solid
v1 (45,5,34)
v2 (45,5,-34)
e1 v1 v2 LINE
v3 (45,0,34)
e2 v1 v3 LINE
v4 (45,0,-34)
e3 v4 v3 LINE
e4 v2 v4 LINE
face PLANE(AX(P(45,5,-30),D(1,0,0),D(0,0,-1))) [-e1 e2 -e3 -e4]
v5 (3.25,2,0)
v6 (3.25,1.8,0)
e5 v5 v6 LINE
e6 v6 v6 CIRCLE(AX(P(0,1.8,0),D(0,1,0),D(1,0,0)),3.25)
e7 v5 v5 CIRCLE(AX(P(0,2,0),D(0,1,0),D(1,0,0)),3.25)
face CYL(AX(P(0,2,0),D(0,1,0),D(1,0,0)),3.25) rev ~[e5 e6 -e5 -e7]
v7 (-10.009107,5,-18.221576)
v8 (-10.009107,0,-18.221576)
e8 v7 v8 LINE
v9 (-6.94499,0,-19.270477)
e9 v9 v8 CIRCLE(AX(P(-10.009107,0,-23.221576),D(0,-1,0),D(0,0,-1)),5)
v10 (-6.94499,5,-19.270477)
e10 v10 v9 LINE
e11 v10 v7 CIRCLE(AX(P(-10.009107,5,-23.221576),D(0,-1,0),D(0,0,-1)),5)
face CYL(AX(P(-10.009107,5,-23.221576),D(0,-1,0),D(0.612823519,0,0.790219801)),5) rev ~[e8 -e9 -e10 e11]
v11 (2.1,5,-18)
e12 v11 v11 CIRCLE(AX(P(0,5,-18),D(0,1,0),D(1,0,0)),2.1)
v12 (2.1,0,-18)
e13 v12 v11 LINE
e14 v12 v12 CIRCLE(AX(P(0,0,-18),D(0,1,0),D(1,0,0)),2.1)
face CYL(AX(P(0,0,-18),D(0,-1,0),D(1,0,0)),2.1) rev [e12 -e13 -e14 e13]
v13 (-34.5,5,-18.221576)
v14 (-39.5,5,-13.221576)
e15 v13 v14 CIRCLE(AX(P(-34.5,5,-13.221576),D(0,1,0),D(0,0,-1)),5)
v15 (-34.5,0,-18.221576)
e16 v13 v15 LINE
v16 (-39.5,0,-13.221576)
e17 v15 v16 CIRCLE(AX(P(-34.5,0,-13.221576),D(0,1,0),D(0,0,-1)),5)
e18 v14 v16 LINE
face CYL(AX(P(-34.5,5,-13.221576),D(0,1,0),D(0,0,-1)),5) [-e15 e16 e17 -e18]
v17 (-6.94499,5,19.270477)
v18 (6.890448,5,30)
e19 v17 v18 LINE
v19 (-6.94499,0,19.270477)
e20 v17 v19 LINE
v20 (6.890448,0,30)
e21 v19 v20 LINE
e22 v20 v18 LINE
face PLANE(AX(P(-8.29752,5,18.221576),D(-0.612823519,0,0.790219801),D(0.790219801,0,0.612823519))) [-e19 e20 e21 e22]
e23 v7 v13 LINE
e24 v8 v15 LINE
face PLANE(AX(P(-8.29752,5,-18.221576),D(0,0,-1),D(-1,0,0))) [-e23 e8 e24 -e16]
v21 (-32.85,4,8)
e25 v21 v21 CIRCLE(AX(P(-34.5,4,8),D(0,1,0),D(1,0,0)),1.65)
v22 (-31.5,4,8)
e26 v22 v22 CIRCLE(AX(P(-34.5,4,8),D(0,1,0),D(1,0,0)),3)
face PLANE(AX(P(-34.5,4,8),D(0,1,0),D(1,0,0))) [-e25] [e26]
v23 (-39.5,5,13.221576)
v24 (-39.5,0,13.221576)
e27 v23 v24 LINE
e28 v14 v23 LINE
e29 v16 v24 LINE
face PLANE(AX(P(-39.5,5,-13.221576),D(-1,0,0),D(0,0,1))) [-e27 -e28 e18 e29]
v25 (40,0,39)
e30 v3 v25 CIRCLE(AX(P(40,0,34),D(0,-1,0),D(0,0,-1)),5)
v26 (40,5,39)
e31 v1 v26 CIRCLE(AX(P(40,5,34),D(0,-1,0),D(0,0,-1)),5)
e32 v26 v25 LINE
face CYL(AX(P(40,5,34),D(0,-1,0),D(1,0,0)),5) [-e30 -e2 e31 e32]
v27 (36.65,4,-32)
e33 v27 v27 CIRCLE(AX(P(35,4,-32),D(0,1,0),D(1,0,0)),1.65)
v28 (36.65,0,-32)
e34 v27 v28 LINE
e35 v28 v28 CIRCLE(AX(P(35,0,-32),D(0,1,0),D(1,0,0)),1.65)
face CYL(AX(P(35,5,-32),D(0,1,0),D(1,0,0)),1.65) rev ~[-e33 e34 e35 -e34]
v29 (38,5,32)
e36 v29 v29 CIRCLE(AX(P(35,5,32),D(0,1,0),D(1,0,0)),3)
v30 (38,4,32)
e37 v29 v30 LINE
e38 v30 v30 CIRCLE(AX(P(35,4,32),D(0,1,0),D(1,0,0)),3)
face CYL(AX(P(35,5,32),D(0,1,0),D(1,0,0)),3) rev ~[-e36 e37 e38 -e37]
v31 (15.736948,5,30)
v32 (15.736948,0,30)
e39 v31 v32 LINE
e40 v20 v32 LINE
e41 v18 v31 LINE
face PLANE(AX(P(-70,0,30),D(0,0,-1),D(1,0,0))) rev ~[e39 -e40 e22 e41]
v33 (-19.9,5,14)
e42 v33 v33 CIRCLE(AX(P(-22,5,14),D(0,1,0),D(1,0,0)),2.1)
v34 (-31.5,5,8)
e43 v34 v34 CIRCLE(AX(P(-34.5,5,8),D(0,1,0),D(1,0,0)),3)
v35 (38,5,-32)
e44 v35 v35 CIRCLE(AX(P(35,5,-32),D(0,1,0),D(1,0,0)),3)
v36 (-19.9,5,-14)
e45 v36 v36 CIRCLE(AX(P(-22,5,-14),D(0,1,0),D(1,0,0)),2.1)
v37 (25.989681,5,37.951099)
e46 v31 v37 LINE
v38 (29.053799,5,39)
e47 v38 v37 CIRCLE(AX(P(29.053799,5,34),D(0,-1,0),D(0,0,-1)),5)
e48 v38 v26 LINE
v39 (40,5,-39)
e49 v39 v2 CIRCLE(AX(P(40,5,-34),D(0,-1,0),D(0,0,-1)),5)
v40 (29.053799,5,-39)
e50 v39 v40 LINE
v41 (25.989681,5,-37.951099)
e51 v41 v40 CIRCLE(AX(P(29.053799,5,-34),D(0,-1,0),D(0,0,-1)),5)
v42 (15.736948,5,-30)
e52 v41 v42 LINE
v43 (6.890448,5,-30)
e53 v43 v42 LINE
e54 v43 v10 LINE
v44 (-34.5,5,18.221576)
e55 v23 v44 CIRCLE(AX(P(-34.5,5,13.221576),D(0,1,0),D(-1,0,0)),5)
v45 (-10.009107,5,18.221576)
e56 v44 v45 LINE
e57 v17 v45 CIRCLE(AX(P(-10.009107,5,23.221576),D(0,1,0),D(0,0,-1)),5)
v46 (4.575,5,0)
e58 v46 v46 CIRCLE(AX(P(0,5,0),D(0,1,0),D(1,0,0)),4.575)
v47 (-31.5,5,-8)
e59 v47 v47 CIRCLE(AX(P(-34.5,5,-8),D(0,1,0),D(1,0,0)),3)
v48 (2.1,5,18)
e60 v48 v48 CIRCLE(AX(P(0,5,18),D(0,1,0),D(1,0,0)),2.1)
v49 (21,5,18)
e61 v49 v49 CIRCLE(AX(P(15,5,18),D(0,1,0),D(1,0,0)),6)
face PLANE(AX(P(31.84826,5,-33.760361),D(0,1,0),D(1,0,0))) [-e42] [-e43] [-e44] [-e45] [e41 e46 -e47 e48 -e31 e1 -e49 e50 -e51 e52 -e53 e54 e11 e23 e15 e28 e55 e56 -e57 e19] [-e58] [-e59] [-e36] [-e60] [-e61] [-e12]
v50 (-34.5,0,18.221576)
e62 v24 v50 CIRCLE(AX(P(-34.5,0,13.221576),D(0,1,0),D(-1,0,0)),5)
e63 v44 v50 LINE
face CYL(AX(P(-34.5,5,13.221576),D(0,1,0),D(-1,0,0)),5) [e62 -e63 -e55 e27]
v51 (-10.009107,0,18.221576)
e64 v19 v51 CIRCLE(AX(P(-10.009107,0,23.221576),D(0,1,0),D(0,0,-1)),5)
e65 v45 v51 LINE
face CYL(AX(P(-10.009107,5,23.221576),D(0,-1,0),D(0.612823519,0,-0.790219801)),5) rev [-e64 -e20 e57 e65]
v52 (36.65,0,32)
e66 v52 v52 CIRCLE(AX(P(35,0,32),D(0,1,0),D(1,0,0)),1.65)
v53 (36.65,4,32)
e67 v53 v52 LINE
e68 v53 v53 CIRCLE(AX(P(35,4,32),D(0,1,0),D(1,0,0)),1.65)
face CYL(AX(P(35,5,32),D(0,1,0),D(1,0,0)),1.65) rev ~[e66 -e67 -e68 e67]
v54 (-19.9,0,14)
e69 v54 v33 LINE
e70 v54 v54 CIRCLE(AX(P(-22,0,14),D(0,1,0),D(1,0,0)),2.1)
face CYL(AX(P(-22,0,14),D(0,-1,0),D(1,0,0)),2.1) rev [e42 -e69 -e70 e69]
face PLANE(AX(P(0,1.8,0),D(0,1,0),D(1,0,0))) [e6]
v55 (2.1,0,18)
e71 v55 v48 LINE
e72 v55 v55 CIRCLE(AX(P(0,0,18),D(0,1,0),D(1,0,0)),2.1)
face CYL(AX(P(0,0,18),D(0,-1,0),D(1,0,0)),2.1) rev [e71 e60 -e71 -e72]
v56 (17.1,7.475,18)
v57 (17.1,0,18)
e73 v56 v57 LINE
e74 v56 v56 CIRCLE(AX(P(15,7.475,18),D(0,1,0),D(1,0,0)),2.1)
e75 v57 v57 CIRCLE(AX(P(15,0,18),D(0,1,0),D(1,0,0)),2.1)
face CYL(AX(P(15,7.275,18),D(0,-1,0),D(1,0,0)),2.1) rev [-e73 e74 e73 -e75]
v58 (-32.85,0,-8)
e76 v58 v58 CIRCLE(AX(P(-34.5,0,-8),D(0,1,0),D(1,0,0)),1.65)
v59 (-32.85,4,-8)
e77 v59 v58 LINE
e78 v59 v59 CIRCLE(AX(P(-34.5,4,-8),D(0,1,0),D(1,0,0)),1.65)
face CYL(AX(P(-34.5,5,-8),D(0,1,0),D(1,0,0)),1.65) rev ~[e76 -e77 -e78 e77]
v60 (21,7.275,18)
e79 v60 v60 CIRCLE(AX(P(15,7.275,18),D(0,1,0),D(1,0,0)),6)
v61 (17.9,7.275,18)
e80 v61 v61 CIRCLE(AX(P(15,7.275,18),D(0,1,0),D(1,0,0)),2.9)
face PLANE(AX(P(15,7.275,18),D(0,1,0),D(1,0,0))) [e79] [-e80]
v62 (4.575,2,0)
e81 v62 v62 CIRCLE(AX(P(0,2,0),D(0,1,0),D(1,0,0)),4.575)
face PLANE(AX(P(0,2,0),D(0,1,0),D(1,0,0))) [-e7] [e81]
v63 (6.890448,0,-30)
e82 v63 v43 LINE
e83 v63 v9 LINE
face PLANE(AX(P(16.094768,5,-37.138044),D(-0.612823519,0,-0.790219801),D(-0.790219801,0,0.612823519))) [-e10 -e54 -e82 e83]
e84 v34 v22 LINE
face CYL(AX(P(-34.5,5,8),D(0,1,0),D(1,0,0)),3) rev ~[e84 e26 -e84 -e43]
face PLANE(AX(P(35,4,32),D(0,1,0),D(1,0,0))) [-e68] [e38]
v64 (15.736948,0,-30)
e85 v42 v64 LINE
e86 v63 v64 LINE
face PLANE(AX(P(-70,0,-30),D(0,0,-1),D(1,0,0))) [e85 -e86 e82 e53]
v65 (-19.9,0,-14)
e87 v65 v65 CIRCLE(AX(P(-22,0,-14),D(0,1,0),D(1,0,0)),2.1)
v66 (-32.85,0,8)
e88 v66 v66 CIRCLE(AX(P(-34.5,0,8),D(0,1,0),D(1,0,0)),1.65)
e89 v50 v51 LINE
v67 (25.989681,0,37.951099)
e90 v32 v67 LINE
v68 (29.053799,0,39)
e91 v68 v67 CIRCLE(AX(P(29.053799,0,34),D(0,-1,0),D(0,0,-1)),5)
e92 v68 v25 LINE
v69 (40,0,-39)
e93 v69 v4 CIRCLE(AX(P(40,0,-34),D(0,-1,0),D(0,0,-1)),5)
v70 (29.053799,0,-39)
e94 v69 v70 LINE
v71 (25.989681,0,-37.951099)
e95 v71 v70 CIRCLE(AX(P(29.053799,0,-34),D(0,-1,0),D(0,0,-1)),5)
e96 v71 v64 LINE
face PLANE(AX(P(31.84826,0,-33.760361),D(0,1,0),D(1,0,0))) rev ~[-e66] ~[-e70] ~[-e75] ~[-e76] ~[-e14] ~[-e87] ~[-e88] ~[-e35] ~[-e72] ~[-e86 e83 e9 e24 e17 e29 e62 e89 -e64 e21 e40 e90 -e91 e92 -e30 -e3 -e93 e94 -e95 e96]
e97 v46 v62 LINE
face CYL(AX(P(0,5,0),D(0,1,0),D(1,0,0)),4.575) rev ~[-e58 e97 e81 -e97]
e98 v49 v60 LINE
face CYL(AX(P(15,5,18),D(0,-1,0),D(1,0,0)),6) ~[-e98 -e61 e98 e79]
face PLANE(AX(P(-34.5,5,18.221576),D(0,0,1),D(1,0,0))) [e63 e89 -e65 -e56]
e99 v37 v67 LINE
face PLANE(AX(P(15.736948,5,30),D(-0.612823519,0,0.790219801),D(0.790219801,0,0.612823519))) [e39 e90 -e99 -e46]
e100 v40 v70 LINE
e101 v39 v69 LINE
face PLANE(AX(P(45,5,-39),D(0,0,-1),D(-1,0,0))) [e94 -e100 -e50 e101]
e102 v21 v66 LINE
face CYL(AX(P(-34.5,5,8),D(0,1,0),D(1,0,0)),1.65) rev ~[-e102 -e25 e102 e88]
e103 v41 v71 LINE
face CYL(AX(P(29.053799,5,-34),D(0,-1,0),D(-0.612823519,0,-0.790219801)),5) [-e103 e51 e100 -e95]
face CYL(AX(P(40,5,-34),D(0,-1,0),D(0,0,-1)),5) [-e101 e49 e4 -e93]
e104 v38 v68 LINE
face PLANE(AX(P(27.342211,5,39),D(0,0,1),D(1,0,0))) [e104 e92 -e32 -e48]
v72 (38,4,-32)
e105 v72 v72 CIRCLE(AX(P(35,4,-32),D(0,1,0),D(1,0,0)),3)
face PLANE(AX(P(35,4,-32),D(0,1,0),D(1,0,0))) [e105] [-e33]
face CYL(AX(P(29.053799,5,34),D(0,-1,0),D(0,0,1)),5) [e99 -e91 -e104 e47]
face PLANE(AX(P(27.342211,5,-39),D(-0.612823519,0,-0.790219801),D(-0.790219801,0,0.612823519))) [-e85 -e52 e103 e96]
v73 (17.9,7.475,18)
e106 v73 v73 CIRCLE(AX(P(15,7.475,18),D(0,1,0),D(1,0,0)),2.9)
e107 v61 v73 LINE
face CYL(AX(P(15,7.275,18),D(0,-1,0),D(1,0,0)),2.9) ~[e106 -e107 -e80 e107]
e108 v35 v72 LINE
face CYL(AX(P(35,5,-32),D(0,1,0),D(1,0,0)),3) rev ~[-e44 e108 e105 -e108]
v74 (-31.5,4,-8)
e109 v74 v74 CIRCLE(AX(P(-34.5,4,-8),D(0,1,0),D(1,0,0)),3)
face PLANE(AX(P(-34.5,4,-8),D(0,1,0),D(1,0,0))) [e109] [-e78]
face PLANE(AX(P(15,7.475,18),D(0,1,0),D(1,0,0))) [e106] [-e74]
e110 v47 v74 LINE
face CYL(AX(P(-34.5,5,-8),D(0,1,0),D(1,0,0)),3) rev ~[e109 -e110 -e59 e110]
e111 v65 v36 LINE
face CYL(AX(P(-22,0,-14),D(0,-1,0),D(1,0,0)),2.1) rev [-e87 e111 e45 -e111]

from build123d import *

# Parameters (mm, degrees)
SKETCH1_W           = 115
SKETCH1_H           = 60
SKETCH1_R           = 2.1
BOSS_EXTRUDE1_DEPTH = 5
SKETCH2_R           = 4.575
CUT_EXTRUDE1_DEPTH  = 3
SKETCH3_R           = 3.25
CUT_EXTRUDE2_DEPTH  = 0.2
SKETCH4_R           = 1.65
CUT_EXTRUDE3_DEPTH  = 6
CUT_EXTRUDE4_DEPTH  = 6
BOSS_EXTRUDE2_DEPTH = 5
SKETCH8_R           = 1.65
CUT_EXTRUDE5_DEPTH  = 6
FILLET1_R           = 5
SKETCH9_R           = 6
SKETCH9_R_2         = 2.1
BOSS_EXTRUDE3_DEPTH = 2.275
SKETCH10_R          = 2.9
SKETCH10_R_2        = 2.1
BOSS_EXTRUDE4_DEPTH = 0.2
SKETCH11_R          = 3
CUT_EXTRUDE6_DEPTH  = 1


with BuildPart() as part:
    # Sketch1 → Boss-Extrude1 (new body)
    with BuildSketch(Plane(origin=(0, 0, 0), x_dir=(1, 0, 0), z_dir=(0, 1, 0))):
        with Locations((-12.5, 0)):
            Rectangle(SKETCH1_W, SKETCH1_H)
        with Locations((-22, 14)):
            Circle(SKETCH1_R, mode=Mode.SUBTRACT)
        with Locations((0, 18)):
            Circle(SKETCH1_R, mode=Mode.SUBTRACT)
        with Locations((0, -18)):
            Circle(SKETCH1_R, mode=Mode.SUBTRACT)
        with Locations((-22, -14)):
            Circle(SKETCH1_R, mode=Mode.SUBTRACT)
        with Locations((15, -18)):
            Circle(SKETCH1_R, mode=Mode.SUBTRACT)
    extrude(amount=BOSS_EXTRUDE1_DEPTH)

    # Sketch2 → Cut-Extrude1 (cut)
    with BuildSketch(Plane(origin=(0, 5, 0), x_dir=(1, 0, 0), z_dir=(0, 1, 0))):
        Circle(SKETCH2_R)
    extrude(amount=-CUT_EXTRUDE1_DEPTH, mode=Mode.SUBTRACT)

    # Sketch3 → Cut-Extrude2 (cut)
    with BuildSketch(Plane(origin=(0, 2, 0), x_dir=(1, 0, 0), z_dir=(0, 1, 0))):
        Circle(SKETCH3_R)
    extrude(amount=-CUT_EXTRUDE2_DEPTH, mode=Mode.SUBTRACT)

    # Sketch4 → Cut-Extrude3 (cut, through all)
    with BuildSketch(Plane(origin=(0, 5, 0), x_dir=(1, 0, 0), z_dir=(0, 1, 0))):
        with Locations((-34.5, -8)):
            Circle(SKETCH4_R)
        with Locations((-34.5, 8)):
            Circle(SKETCH4_R)
    extrude(amount=-CUT_EXTRUDE3_DEPTH, mode=Mode.SUBTRACT)

    # Sketch6 → Cut-Extrude4 (cut, through all)
    with BuildSketch(Plane(origin=(0, 5, 0), x_dir=(1, 0, 0), z_dir=(0, 1, 0))):
        with BuildLine():
            Line((-22, 18.221576202), (-34.5, 18.221576202))
            ThreePointArc((-34.5, 18.221576202), (-38.035533906, 16.757110108), (-39.5, 13.221576202))
            Line((-39.5, 13.221576202), (-39.5, -13.221576202))
            ThreePointArc((-39.5, -13.221576202), (-38.035533906, -16.757110108), (-34.5, -18.221576202))
            Line((-34.5, -18.221576202), (-22, -18.221576202))
            Line((-22, -18.221576202), (-8.297519941, -18.221576202))
            Line((-8.297519941, -18.221576202), (14.635521586, -36.006383916))
            Line((14.635521586, -36.006383916), (-22, -30))
            Line((-22, -30), (-70, -30))
            Line((-70, -30), (-70, 30))
            Line((-70, 30), (-22, 30))
            Line((-22, 30), (16.094767965, 37.138044373))
            Line((16.094767965, 37.138044373), (-8.297519941, 18.221576202))
            Line((-8.297519941, 18.221576202), (-22, 18.221576202))
        make_face()
    extrude(amount=-CUT_EXTRUDE4_DEPTH, mode=Mode.SUBTRACT)

    # Sketch7 → Boss-Extrude2 (add)
    with BuildSketch(Plane(origin=(0, 5, 0), x_dir=(1, 0, 0), z_dir=(0, 1, 0))):
        Polygon((27.342211368, 39), (15.73694821, 30), (45, 30), (45, 39), align=None)
        Polygon((45, -30), (15.73694821, -30), (27.342211368, -39), (45, -39), align=None)
    extrude(amount=-BOSS_EXTRUDE2_DEPTH)

    # Sketch8 → Cut-Extrude5 (cut, through all)
    with BuildSketch(Plane(origin=(0, 5, 0), x_dir=(1, 0, 0), z_dir=(0, 1, 0))):
        with Locations((35, 32)):
            Circle(SKETCH8_R)
        with Locations((35, -32)):
            Circle(SKETCH8_R)
    extrude(amount=-CUT_EXTRUDE5_DEPTH, mode=Mode.SUBTRACT)

    # Fillet1
    fillet1_edges = [part.edges().sort_by_distance(p)[0] for p in [
        (45, 2.5, -39),
        (27.342211368, 2.5, -39),
        (27.342211368, 2.5, 39),
        (45, 2.5, 39),
        (-8.297519941, 2.5, 18.221576202),
        (-8.297519941, 2.5, -18.221576202),
    ]]
    fillet(fillet1_edges, radius=FILLET1_R)

    # Sketch9 → Boss-Extrude3 (add)
    with BuildSketch(Plane(origin=(0, 5, 0), x_dir=(1, 0, 0), z_dir=(0, 1, 0))):
        with Locations((15, -18)):
            Circle(SKETCH9_R)
        with Locations((15, -18)):
            Circle(SKETCH9_R_2, mode=Mode.SUBTRACT)
    extrude(amount=BOSS_EXTRUDE3_DEPTH)

    # Sketch10 → Boss-Extrude4 (add)
    with BuildSketch(Plane(origin=(0, 7.275, 0), x_dir=(1, 0, 0), z_dir=(0, 1, 0))):
        with Locations((15, -18)):
            Circle(SKETCH10_R)
        with Locations((15, -18)):
            Circle(SKETCH10_R_2, mode=Mode.SUBTRACT)
    extrude(amount=BOSS_EXTRUDE4_DEPTH)

    # Sketch11 → Cut-Extrude6 (cut)
    with BuildSketch(Plane(origin=(0, 5, 0), x_dir=(1, 0, 0), z_dir=(0, 1, 0))):
        with Locations((-34.5, 8)):
            Circle(SKETCH11_R)
        with Locations((-34.5, -8)):
            Circle(SKETCH11_R)
        with Locations((35, -32)):
            Circle(SKETCH11_R)
        with Locations((35, 32)):
            Circle(SKETCH11_R)
    extrude(amount=-CUT_EXTRUDE6_DEPTH, mode=Mode.SUBTRACT)


solid = part.part
